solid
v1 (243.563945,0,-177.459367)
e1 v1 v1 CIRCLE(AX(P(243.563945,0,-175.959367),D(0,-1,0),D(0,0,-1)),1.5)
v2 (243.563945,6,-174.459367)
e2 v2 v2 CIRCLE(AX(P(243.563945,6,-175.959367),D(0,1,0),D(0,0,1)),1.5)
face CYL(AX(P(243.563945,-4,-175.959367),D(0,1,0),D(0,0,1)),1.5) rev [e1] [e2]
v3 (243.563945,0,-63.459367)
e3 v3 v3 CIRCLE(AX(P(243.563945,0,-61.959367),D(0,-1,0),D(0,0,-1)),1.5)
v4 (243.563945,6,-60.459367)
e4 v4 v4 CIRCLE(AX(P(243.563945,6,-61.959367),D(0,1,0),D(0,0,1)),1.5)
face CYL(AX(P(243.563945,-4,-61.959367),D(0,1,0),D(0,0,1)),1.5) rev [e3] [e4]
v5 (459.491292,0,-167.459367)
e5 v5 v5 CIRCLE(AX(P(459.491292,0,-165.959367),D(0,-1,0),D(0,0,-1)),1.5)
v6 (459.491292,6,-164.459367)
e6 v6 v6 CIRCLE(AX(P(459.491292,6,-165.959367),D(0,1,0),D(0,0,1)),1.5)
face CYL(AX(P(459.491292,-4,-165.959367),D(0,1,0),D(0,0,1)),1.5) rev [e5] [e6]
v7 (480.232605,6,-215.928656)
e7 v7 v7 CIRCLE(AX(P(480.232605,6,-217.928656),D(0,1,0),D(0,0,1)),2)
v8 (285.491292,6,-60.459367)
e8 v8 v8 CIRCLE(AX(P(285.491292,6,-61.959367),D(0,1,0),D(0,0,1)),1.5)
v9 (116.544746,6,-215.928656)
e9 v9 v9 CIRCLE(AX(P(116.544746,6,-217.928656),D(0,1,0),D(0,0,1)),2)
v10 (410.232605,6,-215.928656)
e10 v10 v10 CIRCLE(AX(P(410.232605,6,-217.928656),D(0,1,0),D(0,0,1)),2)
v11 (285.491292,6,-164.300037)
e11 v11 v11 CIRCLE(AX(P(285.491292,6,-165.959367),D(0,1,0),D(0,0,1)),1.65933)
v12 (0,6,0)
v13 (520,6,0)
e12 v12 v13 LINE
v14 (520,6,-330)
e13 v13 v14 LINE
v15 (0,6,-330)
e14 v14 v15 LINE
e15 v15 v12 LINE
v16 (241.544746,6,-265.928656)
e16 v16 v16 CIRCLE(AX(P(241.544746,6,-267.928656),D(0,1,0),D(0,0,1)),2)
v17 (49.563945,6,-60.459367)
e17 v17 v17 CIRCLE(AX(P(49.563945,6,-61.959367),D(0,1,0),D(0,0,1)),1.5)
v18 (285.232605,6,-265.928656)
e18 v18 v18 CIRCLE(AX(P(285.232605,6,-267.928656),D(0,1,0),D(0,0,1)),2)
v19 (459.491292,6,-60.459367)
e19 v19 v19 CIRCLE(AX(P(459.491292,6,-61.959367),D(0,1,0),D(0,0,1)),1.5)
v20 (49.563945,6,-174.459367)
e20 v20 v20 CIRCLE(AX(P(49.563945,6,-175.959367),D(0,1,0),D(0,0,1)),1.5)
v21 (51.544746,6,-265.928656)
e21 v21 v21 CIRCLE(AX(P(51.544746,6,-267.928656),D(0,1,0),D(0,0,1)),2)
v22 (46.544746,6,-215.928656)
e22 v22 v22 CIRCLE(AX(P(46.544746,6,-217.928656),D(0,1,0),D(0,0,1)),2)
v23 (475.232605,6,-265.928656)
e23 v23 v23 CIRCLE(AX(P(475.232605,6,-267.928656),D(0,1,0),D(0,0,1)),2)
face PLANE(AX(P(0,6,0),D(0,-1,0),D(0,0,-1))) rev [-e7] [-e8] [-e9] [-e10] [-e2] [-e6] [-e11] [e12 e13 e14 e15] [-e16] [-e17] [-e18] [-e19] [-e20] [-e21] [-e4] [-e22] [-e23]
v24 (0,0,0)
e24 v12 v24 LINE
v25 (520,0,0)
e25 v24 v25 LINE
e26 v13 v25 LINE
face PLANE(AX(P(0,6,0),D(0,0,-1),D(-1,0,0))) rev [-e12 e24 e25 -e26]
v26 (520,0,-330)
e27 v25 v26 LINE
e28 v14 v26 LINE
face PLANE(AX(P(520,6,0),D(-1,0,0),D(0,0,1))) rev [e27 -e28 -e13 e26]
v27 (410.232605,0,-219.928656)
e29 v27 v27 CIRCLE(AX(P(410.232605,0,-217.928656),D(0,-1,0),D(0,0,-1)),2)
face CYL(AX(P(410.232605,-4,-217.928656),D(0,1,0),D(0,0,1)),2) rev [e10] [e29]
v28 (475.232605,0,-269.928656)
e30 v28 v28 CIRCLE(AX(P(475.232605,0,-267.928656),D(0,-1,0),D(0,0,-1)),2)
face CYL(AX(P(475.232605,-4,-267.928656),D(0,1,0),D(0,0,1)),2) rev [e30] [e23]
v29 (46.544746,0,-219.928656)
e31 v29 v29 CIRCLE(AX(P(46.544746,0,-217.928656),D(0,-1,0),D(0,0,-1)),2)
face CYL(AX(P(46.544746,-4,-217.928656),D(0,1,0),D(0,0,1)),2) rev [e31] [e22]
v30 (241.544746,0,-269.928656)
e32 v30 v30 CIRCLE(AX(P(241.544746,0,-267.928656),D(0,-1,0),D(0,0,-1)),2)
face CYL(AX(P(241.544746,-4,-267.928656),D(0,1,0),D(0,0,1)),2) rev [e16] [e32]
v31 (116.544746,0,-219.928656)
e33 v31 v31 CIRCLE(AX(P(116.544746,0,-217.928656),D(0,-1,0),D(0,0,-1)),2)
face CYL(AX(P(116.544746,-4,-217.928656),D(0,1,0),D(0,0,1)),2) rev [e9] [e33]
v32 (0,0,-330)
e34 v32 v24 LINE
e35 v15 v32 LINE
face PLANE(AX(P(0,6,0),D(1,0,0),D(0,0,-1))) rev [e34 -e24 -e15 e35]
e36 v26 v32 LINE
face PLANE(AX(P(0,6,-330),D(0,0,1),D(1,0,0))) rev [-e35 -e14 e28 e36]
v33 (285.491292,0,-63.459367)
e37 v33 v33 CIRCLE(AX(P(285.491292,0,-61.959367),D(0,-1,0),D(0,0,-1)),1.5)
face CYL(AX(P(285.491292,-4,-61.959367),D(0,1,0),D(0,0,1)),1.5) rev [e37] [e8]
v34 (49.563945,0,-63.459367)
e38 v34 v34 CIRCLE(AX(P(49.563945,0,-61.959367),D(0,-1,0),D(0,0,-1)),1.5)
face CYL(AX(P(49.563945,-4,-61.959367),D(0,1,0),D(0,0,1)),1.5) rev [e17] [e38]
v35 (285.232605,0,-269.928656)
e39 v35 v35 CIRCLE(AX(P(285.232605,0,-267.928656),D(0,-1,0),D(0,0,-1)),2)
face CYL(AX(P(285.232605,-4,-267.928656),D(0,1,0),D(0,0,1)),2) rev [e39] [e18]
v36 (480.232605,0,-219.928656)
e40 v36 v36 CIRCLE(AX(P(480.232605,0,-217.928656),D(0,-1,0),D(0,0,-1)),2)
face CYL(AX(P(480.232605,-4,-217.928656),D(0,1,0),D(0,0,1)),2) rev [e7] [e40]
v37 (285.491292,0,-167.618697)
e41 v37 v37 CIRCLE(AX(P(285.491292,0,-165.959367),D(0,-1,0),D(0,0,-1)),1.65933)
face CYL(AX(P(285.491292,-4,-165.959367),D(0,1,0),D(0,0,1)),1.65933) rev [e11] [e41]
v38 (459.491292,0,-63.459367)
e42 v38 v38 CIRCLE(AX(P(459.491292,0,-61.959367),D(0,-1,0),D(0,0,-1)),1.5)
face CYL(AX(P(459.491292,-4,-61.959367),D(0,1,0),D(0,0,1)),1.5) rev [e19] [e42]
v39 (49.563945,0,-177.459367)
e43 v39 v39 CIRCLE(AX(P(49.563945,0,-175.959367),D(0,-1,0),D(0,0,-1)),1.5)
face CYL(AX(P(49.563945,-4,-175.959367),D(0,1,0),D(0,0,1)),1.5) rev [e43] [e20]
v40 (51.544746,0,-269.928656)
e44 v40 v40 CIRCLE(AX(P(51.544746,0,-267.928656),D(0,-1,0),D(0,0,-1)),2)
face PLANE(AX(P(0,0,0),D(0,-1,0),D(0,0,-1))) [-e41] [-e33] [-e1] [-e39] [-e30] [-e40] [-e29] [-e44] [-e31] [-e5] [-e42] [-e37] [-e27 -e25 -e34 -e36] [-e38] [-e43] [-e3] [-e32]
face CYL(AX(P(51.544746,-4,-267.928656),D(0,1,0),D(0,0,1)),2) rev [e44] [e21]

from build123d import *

# Parameters (mm, degrees)
SKETCH1_W           = 520
SKETCH1_H           = 330
BOSS_EXTRUDE1_DEPTH = 6
SKETCH2_R           = 2
SKETCH2_R_2         = 1.5
SKETCH2_R_3         = 1.659330266
CUT_EXTRUDE1_DEPTH  = 10


with BuildPart() as part:
    # Sketch1 → Boss-Extrude1 (new body)
    with BuildSketch(Plane(origin=(0, 0, 0), x_dir=(1, 0, 0), z_dir=(0, 1, 0))):
        with Locations((260, 165)):
            Rectangle(SKETCH1_W, SKETCH1_H)
    extrude(amount=BOSS_EXTRUDE1_DEPTH)

    # Sketch2 → Cut-Extrude1 (cut)
    with BuildSketch(Plane(origin=(0, 6, 0), x_dir=(1, 0, 0), z_dir=(0, 1, 0))):
        with Locations(Location((475.232604686, 267.928656281, 0), (0, 0, 270))):
            Circle(SKETCH2_R)
        with Locations(Location((480.232604686, 217.928656281, 0), (0, 0, 270))):
            Circle(SKETCH2_R)
        with Locations(Location((410.232604686, 217.928656281, 0), (0, 0, 270))):
            Circle(SKETCH2_R)
        with Locations(Location((285.232604686, 267.928656281, 0), (0, 0, 270))):
            Circle(SKETCH2_R)
        with Locations(Location((241.544745515, 267.928656281, 0), (0, 0, 270))):
            Circle(SKETCH2_R)
        with Locations(Location((51.544745515, 267.928656281, 0), (0, 0, 270))):
            Circle(SKETCH2_R)
        with Locations(Location((46.544745515, 217.928656281, 0), (0, 0, 270))):
            Circle(SKETCH2_R)
        with Locations(Location((116.544745515, 217.928656281, 0), (0, 0, 270))):
            Circle(SKETCH2_R)
        with Locations(Location((459.491291532, 165.959366851, 0), (0, 0, 270))):
            Circle(SKETCH2_R_2)
        with Locations(Location((459.491291532, 61.959366851, 0), (0, 0, 270))):
            Circle(SKETCH2_R_2)
        with Locations(Location((285.491291532, 61.959366851, 0), (0, 0, 270))):
            Circle(SKETCH2_R_2)
        with Locations(Location((285.491291532, 165.959366851, 0), (0, 0, 270))):
            Circle(SKETCH2_R_3)
        with Locations(Location((243.56394518, 175.959366851, 0), (0, 0, 270))):
            Circle(SKETCH2_R_2)
        with Locations(Location((243.56394518, 61.959366851, 0), (0, 0, 270))):
            Circle(SKETCH2_R_2)
        with Locations(Location((49.56394518, 61.959366851, 0), (0, 0, 270))):
            Circle(SKETCH2_R_2)
        with Locations(Location((49.56394518, 175.959366851, 0), (0, 0, 270))):
            Circle(SKETCH2_R_2)
    extrude(amount=-CUT_EXTRUDE1_DEPTH, mode=Mode.SUBTRACT)


solid = part.part
